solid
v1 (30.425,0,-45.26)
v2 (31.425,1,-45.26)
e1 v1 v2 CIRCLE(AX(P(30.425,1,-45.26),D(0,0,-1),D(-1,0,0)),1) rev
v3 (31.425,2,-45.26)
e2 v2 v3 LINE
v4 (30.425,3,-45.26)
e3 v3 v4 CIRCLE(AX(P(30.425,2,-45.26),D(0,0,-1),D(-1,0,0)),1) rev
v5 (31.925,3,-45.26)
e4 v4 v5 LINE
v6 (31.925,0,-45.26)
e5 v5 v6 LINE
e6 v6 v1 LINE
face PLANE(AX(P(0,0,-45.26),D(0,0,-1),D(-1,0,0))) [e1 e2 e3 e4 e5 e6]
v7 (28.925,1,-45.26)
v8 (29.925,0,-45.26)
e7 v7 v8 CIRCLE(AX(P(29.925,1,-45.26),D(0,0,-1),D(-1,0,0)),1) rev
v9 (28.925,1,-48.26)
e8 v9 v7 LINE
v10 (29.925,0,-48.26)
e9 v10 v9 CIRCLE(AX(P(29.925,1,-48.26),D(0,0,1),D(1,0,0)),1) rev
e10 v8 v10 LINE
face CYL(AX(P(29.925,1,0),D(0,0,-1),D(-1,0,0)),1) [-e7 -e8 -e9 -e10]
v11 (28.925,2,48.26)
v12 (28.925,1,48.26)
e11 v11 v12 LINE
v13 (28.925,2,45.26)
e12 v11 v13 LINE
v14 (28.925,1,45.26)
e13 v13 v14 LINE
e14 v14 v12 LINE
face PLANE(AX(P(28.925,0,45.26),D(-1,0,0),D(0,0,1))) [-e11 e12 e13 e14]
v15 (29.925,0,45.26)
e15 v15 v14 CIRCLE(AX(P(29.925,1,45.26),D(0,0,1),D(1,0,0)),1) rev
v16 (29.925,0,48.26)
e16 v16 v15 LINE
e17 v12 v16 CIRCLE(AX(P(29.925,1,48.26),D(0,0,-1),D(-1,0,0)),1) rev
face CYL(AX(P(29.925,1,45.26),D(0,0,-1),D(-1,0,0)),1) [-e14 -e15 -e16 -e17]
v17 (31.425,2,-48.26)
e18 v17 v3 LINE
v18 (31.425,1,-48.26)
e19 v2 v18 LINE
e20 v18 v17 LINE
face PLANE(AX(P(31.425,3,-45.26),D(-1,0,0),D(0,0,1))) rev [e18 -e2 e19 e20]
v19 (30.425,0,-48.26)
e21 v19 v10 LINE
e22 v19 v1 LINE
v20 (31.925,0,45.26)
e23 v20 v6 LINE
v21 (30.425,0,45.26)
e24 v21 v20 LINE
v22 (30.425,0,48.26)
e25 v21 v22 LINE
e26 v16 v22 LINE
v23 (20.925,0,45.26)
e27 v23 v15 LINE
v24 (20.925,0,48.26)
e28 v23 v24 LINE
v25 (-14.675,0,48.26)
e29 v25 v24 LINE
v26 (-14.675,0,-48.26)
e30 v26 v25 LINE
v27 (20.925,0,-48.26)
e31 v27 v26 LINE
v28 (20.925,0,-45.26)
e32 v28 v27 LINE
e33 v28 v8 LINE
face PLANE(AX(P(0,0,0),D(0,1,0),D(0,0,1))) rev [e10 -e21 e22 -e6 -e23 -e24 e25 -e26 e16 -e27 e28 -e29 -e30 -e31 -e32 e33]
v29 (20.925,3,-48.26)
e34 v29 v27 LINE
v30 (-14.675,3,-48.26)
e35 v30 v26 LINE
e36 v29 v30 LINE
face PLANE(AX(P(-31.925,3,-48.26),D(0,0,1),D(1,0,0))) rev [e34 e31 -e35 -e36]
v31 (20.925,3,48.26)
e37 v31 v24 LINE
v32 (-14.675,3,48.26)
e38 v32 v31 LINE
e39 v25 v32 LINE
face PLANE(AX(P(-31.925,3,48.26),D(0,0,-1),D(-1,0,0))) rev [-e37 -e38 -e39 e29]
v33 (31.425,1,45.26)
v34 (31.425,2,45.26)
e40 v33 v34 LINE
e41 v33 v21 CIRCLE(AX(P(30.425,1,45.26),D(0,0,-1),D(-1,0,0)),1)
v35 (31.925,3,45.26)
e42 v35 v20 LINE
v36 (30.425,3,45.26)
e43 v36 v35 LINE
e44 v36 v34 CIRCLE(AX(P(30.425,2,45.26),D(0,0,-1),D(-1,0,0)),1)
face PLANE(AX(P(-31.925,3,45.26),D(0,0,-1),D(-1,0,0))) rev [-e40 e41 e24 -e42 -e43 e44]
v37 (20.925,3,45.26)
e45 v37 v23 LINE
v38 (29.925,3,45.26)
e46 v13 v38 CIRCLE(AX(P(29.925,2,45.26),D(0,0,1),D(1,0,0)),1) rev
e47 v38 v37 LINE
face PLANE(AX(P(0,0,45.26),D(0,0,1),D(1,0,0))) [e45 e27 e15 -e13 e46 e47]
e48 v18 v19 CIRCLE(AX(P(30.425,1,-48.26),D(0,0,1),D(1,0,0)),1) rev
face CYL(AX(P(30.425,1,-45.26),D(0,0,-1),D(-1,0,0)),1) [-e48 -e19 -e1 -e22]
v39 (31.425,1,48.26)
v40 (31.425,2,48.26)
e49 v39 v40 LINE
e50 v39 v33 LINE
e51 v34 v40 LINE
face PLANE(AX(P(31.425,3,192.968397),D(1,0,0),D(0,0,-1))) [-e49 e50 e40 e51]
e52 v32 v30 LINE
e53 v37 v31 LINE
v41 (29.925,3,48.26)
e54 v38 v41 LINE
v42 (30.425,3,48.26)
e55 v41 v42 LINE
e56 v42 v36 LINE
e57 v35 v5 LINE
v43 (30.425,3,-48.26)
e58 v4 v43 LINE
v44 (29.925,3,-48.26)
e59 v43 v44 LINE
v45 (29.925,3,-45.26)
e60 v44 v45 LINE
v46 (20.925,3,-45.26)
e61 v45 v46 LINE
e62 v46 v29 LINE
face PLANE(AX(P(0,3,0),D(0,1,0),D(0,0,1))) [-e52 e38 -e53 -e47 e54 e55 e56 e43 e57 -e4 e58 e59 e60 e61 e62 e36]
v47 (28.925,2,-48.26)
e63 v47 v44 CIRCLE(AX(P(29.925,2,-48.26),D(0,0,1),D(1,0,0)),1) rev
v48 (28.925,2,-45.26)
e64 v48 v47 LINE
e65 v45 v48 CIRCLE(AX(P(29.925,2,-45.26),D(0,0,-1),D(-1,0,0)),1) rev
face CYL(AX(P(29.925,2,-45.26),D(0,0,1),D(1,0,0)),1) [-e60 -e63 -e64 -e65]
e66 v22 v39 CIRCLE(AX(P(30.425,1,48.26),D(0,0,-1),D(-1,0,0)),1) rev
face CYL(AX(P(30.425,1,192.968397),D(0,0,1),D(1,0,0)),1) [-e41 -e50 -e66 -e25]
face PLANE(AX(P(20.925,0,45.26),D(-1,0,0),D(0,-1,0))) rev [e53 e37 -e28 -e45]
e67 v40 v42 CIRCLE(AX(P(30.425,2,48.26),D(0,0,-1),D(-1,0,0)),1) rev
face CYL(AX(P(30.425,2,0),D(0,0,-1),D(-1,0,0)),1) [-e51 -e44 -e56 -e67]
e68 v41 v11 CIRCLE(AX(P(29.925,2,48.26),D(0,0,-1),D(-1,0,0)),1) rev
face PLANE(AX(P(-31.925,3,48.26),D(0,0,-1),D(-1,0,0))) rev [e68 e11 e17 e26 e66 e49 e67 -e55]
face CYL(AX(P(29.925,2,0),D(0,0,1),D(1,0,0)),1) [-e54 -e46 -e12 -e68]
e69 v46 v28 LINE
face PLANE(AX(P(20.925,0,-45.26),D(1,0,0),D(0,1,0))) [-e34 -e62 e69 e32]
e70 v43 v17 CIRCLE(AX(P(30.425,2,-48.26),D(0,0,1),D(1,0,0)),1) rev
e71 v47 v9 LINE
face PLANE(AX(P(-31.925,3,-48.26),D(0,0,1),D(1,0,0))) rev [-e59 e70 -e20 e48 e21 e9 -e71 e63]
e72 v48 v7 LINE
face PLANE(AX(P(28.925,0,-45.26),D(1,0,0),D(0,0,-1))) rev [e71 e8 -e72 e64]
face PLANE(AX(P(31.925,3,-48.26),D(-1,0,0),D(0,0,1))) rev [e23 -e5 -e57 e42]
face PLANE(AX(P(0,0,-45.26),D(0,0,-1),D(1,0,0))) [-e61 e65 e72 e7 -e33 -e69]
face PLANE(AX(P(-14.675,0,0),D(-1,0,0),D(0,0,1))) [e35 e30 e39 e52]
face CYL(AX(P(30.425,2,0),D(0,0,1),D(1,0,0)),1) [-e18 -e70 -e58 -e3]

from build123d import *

# Parameters (mm, degrees)
SKETCH1_W               = 63.85
SKETCH1_H               = 96.52
BOSS_EXTRUDE1_DEPTH     = 3
SKETCH5_W               = 8
SKETCH5_H               = 3
CUT_EXTRUDE3_DEPTH      = 3
CUT_EXTRUDE6_DEPTH      = 1
CUT_EXTRUDE6_DEPTH_BACK = 3
SKETCH21_W              = 0.5
SKETCH21_H              = 3
CUT_EXTRUDE11_DEPTH     = 3
FILLET17_R              = 1
FILLET18_R              = 1
SKETCH22_W              = 96.52
SKETCH22_H              = 3
CUT_EXTRUDE12_DEPTH     = 17.25


with BuildPart() as part:
    # Sketch1 → Boss-Extrude1 (new body)
    with BuildSketch(Plane(origin=(0, 0, 0), x_dir=(1, 0, 0), z_dir=(0, 1, 0))):
        Rectangle(SKETCH1_W, SKETCH1_H)
    extrude(amount=BOSS_EXTRUDE1_DEPTH)

    # Sketch5 → Cut-Extrude3 (cut)
    with BuildSketch(Plane.XY.offset(48.26)):
        with Locations((24.925, 1.5)):
            Rectangle(SKETCH5_W, SKETCH5_H)
    cut_extrude3 = extrude(amount=-CUT_EXTRUDE3_DEPTH, mode=Mode.SUBTRACT)

    # Sketch20 → Cut-Extrude6 (cut, two sides)
    with BuildSketch(Plane.XY.offset(48.26)) as cut_extrude6_sk:
        Polygon((31.425, 139.841988316), (31.425, 3), (31.425, 0), (31.425, -136.841988316), (305.108976632, -136.841988316), (305.108976632, 139.841988316), align=None)
    extrude(amount=CUT_EXTRUDE6_DEPTH, mode=Mode.SUBTRACT)
    extrude(cut_extrude6_sk.sketch, amount=-CUT_EXTRUDE6_DEPTH_BACK, mode=Mode.SUBTRACT)

    # Mirror1: Cut-Extrude3 across plane
    add(cut_extrude3.mirror(Plane.XY), mode=Mode.SUBTRACT)

    # Sketch21 → Cut-Extrude11 (cut)
    with BuildSketch(Plane(origin=(0, 0, -48.26), x_dir=(-1, 0, 0), z_dir=(0, 0, -1))):
        with Locations((-31.675, 1.5)):
            Rectangle(SKETCH21_W, SKETCH21_H)
    extrude(amount=-CUT_EXTRUDE11_DEPTH, mode=Mode.SUBTRACT)

    # Fillet17
    fillet17_edges = [part.edges().sort_by_distance(p)[0] for p in [
        (28.925, 3, 46.76),
        (28.925, 0, 46.76),
        (31.425, 3, 46.76),
        (31.425, 0, 46.76),
    ]]
    fillet(fillet17_edges, radius=FILLET17_R)

    # Fillet18
    fillet18_edges = [part.edges().sort_by_distance(p)[0] for p in [
        (28.925, 3, -46.76),
        (28.925, 0, -46.76),
        (31.425, 3, -46.76),
        (31.425, 0, -46.76),
    ]]
    fillet(fillet18_edges, radius=FILLET18_R)

    # Sketch22 → Cut-Extrude12 (cut)
    with BuildSketch(Plane.ZY.offset(31.925)):
        with Locations((0, 1.5)):
            Rectangle(SKETCH22_W, SKETCH22_H)
    extrude(amount=-CUT_EXTRUDE12_DEPTH, mode=Mode.SUBTRACT)


solid = part.part
